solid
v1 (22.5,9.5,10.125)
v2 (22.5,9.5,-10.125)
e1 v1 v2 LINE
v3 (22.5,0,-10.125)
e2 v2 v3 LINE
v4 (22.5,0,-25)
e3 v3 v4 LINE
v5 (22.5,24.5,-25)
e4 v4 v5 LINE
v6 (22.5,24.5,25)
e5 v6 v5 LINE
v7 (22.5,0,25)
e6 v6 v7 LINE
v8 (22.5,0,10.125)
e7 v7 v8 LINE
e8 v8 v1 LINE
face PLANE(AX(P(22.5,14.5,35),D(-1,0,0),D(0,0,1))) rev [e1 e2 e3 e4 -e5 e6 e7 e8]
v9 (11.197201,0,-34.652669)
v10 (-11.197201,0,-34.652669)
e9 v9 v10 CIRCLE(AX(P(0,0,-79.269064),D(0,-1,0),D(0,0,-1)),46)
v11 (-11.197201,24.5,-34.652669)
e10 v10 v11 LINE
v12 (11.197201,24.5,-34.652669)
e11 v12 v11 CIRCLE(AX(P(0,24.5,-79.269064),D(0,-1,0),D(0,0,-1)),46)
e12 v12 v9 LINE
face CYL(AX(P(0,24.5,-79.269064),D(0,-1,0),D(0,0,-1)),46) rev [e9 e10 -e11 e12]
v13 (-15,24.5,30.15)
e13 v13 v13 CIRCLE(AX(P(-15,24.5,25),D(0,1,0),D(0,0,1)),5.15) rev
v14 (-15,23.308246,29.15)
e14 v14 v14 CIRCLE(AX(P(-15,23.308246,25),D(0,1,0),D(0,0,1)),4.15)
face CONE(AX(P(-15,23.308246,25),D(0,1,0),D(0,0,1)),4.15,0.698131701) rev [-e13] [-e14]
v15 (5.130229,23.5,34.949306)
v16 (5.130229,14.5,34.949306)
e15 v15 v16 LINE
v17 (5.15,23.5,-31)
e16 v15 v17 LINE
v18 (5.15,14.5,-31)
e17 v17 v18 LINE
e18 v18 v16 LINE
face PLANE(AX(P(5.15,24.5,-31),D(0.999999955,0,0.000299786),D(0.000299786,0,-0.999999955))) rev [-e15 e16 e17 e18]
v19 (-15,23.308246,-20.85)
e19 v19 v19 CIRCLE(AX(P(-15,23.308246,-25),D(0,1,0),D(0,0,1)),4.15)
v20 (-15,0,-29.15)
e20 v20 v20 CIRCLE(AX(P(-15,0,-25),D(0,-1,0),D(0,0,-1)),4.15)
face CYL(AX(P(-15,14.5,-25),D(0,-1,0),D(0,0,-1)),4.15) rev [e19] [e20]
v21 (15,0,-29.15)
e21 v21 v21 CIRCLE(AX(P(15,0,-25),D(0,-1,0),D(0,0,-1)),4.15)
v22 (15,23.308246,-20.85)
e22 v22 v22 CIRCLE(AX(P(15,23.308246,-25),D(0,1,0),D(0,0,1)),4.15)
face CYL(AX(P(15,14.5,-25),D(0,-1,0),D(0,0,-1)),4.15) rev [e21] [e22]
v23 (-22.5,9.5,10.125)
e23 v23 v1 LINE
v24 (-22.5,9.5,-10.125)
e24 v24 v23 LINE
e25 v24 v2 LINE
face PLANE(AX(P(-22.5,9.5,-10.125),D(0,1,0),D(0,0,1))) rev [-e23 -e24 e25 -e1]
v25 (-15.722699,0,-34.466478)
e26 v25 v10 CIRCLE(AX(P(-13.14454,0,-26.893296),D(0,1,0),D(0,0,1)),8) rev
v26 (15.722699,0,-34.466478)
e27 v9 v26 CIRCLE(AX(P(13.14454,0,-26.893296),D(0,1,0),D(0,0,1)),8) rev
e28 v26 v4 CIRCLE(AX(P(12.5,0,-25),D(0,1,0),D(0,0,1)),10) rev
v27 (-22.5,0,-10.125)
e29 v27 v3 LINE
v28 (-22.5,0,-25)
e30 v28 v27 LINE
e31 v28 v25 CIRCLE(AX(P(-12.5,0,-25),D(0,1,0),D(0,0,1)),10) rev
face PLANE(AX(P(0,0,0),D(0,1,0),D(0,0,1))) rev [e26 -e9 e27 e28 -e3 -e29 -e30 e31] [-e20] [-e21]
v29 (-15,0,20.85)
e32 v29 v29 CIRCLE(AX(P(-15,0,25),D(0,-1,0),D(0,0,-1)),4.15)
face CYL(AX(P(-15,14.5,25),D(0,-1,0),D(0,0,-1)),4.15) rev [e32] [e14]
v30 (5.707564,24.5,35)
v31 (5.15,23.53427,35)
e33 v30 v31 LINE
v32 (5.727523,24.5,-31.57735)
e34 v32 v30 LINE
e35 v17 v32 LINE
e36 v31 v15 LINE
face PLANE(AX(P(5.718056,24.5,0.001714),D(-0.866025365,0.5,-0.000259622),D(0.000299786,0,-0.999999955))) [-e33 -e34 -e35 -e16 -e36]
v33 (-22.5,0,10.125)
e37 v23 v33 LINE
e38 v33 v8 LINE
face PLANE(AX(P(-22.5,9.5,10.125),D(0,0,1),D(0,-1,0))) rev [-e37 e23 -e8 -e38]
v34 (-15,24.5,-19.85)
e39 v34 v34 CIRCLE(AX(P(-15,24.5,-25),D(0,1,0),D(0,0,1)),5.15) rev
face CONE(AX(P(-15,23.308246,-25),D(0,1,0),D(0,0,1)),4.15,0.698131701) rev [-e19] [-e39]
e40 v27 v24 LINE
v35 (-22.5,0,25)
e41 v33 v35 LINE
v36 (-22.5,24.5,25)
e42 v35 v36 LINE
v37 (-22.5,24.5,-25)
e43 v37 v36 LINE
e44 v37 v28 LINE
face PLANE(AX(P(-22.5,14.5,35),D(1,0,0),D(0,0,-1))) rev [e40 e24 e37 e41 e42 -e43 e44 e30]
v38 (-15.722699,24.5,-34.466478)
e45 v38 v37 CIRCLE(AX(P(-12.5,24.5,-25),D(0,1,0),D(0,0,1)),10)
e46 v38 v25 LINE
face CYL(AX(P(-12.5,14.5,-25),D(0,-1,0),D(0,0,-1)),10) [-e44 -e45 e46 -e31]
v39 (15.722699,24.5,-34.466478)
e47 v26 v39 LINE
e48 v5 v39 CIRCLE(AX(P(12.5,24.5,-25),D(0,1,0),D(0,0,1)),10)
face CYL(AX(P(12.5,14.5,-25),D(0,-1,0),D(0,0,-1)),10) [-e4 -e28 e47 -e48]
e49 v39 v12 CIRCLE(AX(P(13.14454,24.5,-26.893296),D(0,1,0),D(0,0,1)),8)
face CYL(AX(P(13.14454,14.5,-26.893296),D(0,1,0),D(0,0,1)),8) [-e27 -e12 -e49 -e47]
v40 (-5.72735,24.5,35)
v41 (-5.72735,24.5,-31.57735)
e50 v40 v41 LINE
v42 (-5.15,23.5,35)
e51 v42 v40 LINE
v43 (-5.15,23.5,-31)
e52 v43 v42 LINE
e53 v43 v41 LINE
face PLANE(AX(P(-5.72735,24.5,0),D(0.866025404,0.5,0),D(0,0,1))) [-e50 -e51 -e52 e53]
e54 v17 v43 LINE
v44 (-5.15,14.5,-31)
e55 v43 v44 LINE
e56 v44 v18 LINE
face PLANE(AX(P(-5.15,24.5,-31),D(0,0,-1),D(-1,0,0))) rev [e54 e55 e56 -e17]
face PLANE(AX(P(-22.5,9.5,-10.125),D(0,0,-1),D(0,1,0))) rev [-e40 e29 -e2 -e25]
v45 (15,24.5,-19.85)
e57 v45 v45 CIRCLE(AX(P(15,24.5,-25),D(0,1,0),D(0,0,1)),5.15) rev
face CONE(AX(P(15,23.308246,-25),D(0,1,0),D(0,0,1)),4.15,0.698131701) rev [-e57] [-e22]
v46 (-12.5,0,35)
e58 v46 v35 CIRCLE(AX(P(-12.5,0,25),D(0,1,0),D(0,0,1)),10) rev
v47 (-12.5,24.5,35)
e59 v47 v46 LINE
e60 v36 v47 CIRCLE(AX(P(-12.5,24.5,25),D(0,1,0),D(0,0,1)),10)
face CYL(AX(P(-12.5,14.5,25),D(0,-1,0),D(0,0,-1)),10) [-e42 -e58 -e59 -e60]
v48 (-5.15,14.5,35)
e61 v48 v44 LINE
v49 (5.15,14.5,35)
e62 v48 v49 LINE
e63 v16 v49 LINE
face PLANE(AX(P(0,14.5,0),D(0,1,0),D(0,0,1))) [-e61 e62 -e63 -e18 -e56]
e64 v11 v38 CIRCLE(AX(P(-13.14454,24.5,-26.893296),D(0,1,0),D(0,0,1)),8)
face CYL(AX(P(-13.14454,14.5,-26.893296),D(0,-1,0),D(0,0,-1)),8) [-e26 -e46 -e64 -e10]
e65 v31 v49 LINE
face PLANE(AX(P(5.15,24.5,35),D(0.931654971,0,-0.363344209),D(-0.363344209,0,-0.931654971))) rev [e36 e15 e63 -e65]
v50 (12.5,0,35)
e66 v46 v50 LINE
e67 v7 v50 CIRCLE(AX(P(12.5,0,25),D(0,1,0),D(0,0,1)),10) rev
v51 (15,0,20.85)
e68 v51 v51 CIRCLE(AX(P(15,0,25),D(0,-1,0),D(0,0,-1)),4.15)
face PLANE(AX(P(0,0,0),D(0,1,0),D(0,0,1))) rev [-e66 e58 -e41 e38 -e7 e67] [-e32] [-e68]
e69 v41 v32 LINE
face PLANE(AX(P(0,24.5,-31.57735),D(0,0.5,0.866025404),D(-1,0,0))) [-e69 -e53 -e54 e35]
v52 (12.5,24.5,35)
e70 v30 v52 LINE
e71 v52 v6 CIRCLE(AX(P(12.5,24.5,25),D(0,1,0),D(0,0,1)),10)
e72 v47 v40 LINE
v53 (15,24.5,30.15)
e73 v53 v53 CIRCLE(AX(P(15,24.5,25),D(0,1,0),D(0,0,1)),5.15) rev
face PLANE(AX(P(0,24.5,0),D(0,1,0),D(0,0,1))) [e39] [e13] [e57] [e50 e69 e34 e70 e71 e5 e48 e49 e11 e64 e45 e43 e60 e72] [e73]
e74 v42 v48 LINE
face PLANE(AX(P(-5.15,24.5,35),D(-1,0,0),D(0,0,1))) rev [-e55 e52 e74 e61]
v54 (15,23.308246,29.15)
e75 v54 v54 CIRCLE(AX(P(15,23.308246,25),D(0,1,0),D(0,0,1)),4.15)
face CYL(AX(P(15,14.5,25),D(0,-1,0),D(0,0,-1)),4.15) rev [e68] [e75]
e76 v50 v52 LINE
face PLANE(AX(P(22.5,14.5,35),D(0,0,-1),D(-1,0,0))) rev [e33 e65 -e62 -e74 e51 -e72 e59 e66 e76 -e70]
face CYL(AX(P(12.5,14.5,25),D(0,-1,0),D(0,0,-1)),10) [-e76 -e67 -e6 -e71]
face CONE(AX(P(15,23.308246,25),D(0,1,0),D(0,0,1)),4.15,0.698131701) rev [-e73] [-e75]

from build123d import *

# Parameters (mm, degrees)
SKETCH1_W               = 45
SKETCH1_H               = 70
BOSS_EXTRUDE1_DEPTH     = 14.5
SKETCH2_W               = 20.25
SKETCH2_H               = 9.5
CUT_EXTRUDE1_DEPTH      = 1
CUT_EXTRUDE1_DEPTH_BACK = 46
SKETCH3_R               = 4.15
CUT_EXTRUDE2_DEPTH      = 15.5
SKETCH5_R               = 4.15
BOSS_EXTRUDE2_DEPTH     = 10
CHAMFER1_SIZE           = 1
CHAMFER1_SIZE2          = 1.191753593
CHAMFER2_SIZE           = 1
CHAMFER2_SIZE2          = 0.577350269
CHAMFER2_PART_2_SIZE    = 1
CHAMFER2_PART_2_SIZE2   = 0.577350269
CHAMFER2_PART_3_SIZE    = 1
CHAMFER2_PART_3_SIZE2   = 0.577350269
FILLET1_R               = 10
CUT_EXTRUDE3_DEPTH      = 25.5
FILLET2_R               = 8


with BuildPart() as part:
    # Sketch1 → Boss-Extrude1 (new body)
    with BuildSketch(Plane(origin=(0, 0, 0), x_dir=(1, 0, 0), z_dir=(0, 1, 0))):
        Rectangle(SKETCH1_W, SKETCH1_H)
    extrude(amount=BOSS_EXTRUDE1_DEPTH)

    # Sketch2 → Cut-Extrude1 (cut, two sides)
    with BuildSketch(Plane(origin=(22.5, 0, 0), x_dir=(0, 0, -1), z_dir=(1, 0, 0))) as cut_extrude1_sk:
        with Locations((0, 4.75)):
            Rectangle(SKETCH2_W, SKETCH2_H)
    extrude(amount=CUT_EXTRUDE1_DEPTH, mode=Mode.SUBTRACT)
    extrude(cut_extrude1_sk.sketch, amount=-CUT_EXTRUDE1_DEPTH_BACK, mode=Mode.SUBTRACT)

    # Sketch3 → Cut-Extrude2 (cut, through all)
    with BuildSketch(Plane.XZ):
        with Locations((15, 25)):
            Circle(SKETCH3_R)
        with Locations((15, -25)):
            Circle(SKETCH3_R)
        with Locations((-15, -25)):
            Circle(SKETCH3_R)
        with Locations((-15, 25)):
            Circle(SKETCH3_R)
    extrude(amount=-CUT_EXTRUDE2_DEPTH, mode=Mode.SUBTRACT)

    # Sketch5 → Boss-Extrude2 (add)
    with BuildSketch(Plane(origin=(0, 14.5, 0), x_dir=(1, 0, 0), z_dir=(0, 1, 0))):
        Polygon((-5.15, -35), (-22.5, -35), (-22.5, 35), (22.5, 35), (22.5, -35), (5.15, -35), (5.130229348, -34.949305848), (5.15, 31), (-5.15, 31), align=None)
        with Locations((-15, 25)):
            Circle(SKETCH5_R, mode=Mode.SUBTRACT)
        with Locations((15, 25)):
            Circle(SKETCH5_R, mode=Mode.SUBTRACT)
        with Locations((15, -25)):
            Circle(SKETCH5_R, mode=Mode.SUBTRACT)
        with Locations((-15, -25)):
            Circle(SKETCH5_R, mode=Mode.SUBTRACT)
    extrude(amount=BOSS_EXTRUDE2_DEPTH)

    # Chamfer1
    chamfer1_edges = [part.edges().sort_by_distance(p)[0] for p in [
        (-19.15, 24.5, -25),
        (10.85, 24.5, -25),
        (10.85, 24.5, 25),
        (-19.15, 24.5, 25),
    ]]
    chamfer1_side = [part.faces().sort_by_distance(p)[0] for p in [
        (-13.825, 24.5, 34.167834151),
    ]]
    chamfer(chamfer1_edges, length=CHAMFER1_SIZE, length2=CHAMFER1_SIZE2, reference=chamfer1_side[0])

    # Chamfer2
    chamfer2_edges = [part.edges().sort_by_distance(p)[0] for p in [
        (-5.15, 24.5, 2),
    ]]
    chamfer2_side = [part.faces().sort_by_distance(p)[0] for p in [
        (-5.15, 19.5, 2),
    ]]
    chamfer(chamfer2_edges, length=CHAMFER2_SIZE, length2=CHAMFER2_SIZE2, reference=chamfer2_side[0])

    # Chamfer2 part 2
    chamfer2_part_2_edges = [part.edges().sort_by_distance(p)[0] for p in [
        (0, 24.5, -31),
    ]]
    chamfer2_part_2_side = [part.faces().sort_by_distance(p)[0] for p in [
        (0, 19.5, -31),
    ]]
    chamfer(chamfer2_part_2_edges, length=CHAMFER2_PART_2_SIZE, length2=CHAMFER2_PART_2_SIZE2, reference=chamfer2_part_2_side[0])

    # Chamfer2 part 3
    chamfer2_part_3_edges = [part.edges().sort_by_distance(p)[0] for p in [
        (5.140114674, 24.5, 1.974652924),
    ]]
    chamfer2_part_3_side = [part.faces().sort_by_distance(p)[0] for p in [
        (5.140114674, 19.5, 1.974652924),
    ]]
    chamfer(chamfer2_part_3_edges, length=CHAMFER2_PART_3_SIZE, length2=CHAMFER2_PART_3_SIZE2, reference=chamfer2_part_3_side[0])

    # Fillet1
    fillet1_edges = [part.edges().sort_by_distance(p)[0] for p in [
        (-22.5, 12.25, -35),
        (22.5, 12.25, -35),
        (22.5, 12.25, 35),
        (-22.5, 12.25, 35),
    ]]
    fillet(fillet1_edges, radius=FILLET1_R)

    # Sketch6 → Cut-Extrude3 (cut, through all)
    with BuildSketch(Plane.XZ):
        with BuildLine():
            Line((12.5, -35), (-12.5, -35))
            ThreePointArc((-12.5, -35), (0, -33.26906369), (12.5, -35))
        make_face()
    extrude(amount=-CUT_EXTRUDE3_DEPTH, mode=Mode.SUBTRACT)

    # Fillet2
    fillet2_edges = [part.edges().sort_by_distance(p)[0] for p in [
        (12.5, 12.25, -35),
        (-12.5, 12.25, -35),
    ]]
    fillet(fillet2_edges, radius=FILLET2_R)


solid = part.part
